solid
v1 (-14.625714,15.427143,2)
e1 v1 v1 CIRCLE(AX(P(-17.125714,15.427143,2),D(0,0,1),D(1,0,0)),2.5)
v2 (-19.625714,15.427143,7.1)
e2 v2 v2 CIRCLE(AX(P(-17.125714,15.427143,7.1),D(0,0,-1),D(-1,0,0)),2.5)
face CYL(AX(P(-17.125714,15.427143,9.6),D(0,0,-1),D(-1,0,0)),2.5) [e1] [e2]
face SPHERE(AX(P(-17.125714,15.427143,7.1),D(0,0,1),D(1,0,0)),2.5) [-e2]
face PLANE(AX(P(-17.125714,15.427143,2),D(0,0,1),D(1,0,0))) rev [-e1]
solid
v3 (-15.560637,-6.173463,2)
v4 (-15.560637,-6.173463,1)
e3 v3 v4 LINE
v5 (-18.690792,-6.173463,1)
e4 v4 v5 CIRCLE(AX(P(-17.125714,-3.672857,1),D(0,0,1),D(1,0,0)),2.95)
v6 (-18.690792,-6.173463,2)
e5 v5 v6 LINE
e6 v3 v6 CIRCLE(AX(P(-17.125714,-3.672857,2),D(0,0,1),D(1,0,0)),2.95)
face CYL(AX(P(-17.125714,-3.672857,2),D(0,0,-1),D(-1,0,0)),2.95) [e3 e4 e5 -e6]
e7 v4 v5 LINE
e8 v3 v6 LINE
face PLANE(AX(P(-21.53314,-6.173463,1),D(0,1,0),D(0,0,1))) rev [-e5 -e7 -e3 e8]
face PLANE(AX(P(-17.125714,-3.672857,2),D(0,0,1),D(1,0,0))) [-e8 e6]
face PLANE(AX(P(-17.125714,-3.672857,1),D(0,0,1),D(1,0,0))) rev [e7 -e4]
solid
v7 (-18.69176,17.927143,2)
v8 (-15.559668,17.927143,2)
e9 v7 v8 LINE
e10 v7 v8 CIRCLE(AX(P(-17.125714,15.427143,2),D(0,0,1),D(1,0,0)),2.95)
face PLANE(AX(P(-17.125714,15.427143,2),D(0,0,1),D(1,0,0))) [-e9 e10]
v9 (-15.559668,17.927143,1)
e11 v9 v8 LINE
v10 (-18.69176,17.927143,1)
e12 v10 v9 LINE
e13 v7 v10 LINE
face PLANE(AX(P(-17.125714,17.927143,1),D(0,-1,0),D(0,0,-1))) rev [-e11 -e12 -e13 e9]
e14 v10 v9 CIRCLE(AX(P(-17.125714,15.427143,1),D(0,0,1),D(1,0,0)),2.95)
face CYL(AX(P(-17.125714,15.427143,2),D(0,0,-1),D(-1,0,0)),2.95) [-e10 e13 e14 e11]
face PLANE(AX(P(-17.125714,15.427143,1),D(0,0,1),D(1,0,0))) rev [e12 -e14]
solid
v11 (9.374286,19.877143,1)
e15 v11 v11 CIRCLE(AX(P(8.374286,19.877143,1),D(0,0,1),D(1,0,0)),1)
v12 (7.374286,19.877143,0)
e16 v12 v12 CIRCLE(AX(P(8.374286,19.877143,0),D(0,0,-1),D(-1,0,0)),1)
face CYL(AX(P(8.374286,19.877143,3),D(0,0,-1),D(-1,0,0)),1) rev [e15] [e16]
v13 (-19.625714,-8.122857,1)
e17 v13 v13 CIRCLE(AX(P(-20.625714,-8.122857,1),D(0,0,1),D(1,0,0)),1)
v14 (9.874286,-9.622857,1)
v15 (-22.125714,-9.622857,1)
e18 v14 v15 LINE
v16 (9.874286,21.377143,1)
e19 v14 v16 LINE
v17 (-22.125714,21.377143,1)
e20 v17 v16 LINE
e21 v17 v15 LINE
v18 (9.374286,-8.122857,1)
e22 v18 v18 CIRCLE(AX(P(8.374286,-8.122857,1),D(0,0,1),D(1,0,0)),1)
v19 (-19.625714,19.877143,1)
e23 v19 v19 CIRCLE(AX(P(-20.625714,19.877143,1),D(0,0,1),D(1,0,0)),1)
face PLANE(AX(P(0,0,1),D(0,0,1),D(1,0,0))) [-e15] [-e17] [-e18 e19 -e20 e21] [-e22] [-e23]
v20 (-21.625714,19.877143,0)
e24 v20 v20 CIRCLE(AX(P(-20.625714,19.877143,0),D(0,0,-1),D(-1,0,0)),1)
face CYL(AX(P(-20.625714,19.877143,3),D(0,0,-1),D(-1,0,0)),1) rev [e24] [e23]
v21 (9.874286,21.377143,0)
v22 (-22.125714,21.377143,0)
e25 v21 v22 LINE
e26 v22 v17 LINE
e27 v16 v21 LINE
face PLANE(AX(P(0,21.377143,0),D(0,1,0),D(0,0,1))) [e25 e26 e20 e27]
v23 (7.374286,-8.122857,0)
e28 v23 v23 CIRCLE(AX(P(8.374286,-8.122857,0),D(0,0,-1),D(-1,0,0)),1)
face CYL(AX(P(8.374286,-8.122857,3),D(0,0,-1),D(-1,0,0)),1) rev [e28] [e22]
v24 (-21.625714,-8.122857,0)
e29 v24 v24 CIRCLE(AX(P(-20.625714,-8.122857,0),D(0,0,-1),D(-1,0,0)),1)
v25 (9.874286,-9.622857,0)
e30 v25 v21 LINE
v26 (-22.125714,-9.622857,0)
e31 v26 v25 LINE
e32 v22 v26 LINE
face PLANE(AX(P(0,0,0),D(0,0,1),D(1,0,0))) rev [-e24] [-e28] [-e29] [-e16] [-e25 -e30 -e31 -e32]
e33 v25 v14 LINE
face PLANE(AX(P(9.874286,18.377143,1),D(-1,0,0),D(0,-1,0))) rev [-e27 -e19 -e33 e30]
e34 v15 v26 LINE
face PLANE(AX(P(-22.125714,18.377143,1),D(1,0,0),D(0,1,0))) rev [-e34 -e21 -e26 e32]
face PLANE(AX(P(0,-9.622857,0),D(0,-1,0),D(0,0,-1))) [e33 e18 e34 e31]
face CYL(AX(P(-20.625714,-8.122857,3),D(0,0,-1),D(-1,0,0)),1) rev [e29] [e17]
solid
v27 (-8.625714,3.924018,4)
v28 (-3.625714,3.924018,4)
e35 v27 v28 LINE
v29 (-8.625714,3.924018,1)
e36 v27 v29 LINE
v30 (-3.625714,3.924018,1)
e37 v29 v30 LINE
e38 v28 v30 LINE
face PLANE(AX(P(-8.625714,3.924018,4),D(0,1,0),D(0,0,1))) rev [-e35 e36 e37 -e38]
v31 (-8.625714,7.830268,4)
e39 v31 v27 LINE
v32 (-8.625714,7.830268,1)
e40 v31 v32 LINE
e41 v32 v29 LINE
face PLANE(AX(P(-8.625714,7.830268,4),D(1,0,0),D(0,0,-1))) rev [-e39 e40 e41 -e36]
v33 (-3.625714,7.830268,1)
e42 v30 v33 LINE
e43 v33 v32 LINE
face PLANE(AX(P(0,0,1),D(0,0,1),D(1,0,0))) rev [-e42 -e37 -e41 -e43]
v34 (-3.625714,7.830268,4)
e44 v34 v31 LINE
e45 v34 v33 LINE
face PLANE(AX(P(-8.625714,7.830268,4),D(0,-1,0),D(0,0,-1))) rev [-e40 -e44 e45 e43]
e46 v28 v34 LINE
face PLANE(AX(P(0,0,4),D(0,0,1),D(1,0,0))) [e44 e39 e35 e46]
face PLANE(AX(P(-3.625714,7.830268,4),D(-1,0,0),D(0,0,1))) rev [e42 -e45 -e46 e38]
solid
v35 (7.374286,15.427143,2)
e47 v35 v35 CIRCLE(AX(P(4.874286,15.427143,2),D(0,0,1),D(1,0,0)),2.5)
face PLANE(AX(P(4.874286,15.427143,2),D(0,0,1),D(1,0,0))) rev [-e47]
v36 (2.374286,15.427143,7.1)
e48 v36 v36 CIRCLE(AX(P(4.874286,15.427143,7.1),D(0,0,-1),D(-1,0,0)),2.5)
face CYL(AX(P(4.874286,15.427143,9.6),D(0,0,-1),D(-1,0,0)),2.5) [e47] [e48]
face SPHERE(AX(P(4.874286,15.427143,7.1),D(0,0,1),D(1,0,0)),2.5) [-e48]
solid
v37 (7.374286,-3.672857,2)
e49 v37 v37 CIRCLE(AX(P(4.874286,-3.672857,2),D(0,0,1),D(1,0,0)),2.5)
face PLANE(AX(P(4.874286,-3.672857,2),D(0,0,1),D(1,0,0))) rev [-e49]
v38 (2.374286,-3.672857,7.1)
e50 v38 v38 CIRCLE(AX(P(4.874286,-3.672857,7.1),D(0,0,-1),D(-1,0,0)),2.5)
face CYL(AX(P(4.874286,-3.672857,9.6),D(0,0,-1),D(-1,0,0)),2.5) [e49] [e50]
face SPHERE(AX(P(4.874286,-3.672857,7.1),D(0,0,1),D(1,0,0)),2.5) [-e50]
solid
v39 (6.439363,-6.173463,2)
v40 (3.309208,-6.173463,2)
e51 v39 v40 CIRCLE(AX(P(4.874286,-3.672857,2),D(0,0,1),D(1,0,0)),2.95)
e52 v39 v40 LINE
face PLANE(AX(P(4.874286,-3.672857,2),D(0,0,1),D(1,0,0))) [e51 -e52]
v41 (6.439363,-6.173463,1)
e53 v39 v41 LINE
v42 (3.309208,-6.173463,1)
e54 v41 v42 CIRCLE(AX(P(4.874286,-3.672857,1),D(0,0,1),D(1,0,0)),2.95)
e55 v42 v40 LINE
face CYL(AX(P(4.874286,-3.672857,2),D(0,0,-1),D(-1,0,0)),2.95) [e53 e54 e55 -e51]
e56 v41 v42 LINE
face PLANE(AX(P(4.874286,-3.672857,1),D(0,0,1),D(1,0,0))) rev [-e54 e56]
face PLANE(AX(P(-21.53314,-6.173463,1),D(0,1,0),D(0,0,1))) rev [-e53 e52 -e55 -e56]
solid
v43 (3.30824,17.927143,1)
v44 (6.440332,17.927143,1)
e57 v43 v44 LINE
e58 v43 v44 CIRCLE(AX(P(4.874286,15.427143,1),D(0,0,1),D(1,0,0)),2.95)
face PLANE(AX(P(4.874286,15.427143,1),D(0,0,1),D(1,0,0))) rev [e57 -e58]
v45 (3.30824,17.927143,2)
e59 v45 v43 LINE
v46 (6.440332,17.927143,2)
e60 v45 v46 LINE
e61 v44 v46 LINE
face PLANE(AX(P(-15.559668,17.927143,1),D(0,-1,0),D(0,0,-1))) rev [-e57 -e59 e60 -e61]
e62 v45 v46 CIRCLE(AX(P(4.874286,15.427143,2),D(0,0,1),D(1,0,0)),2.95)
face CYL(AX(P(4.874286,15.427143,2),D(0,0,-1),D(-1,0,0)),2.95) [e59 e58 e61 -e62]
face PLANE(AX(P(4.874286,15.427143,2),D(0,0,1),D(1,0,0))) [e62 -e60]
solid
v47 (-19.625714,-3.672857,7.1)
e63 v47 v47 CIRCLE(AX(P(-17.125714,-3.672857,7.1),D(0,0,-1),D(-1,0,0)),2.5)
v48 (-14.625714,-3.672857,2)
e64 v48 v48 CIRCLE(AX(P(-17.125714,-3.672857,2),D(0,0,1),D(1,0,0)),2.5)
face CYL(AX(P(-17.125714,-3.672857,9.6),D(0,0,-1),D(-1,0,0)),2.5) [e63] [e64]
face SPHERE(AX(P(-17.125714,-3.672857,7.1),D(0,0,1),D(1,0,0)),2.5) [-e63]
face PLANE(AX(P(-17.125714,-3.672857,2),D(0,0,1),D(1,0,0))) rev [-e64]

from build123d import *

# Parameters (mm, degrees)
SKETCH1_W             = 32
SKETCH1_H             = 25
BOSS_EXTRUDE1_DEPTH   = 1
SKETCH2_R             = 2.5
SKETCH2_W             = 5
SKETCH2_H             = 4.545454546
BOSS_EXTRUDE2_DEPTH   = 8.7
SKETCH3_W             = 7.112296494
SKETCH3_H             = 6.624197715
CUT_EXTRUDE1_DEPTH    = 5.7
FILLET3_R             = 0.5
FILLET4_R             = 2.5
FILLET5_R             = 2.5
SKETCH4_R             = 2.5
CUT_EXTRUDE2_DEPTH    = 10
SKETCH5_R             = 2.95
BOSS_EXTRUDE3_DEPTH   = 1
BOSS_EXTRUDE3_2_DEPTH = 1
BOSS_EXTRUDE3_3_DEPTH = 1
BOSS_EXTRUDE3_4_DEPTH = 1
SKETCH8_R             = 2.5
BOSS_EXTRUDE6_DEPTH   = 7.6
CUT_EXTRUDE4_DEPTH    = 1
FILLET6_R             = 2.5
SKETCH13_R            = 2.367564394
BOSS_EXTRUDE7_DEPTH   = 7.6
SKETCH13_R_2          = 2.5
BOSS_EXTRUDE7_2_DEPTH = 7.6
BOSS_EXTRUDE7_3_DEPTH = 7.6
FILLET7_R             = 2.5
FILLET10_R            = 2.5
SKETCH14_R            = 2.367564394
CUT_EXTRUDE6_DEPTH    = 7.6
SKETCH15_R            = 2.5
BOSS_EXTRUDE9_DEPTH   = 7.6
FILLET12_R            = 2.5
SKETCH16_W            = 25.26079324
SKETCH16_H            = 1.326651886
CUT_EXTRUDE7_DEPTH    = 1
SKETCH17_W            = 30.705826602
SKETCH17_H            = 1.654596323
CUT_EXTRUDE8_DEPTH    = 1
SKETCH21_W            = 5
SKETCH21_H            = 4.545454546
CUT_EXTRUDE10_DEPTH   = 3
SKETCH22_W            = 5
SKETCH22_H            = 3.90625
BOSS_EXTRUDE11_DEPTH  = 3
SKETCH24_W            = 32
SKETCH24_H            = 1
BOSS_EXTRUDE16_DEPTH  = 3
SKETCH26_W            = 32
SKETCH26_H            = 1
BOSS_EXTRUDE17_DEPTH  = 3
SKETCH27_R            = 1
CUT_EXTRUDE11_DEPTH   = 3


with BuildPart() as part:
    # Sketch1 → Boss-Extrude1 (new body)
    with BuildSketch(Plane.XY):
        with Locations((-6.125714286, 5.877142857)):
            Rectangle(SKETCH1_W, SKETCH1_H)
    extrude(amount=BOSS_EXTRUDE1_DEPTH)

    # Sketch2 → Boss-Extrude2 (add)
    with BuildSketch(Plane.XY.offset(1)):
        with Locations((-17.125714286, 15.877142857)):
            Circle(SKETCH2_R)
        with Locations((4.874285714, 15.877142857)):
            Circle(SKETCH2_R)
        with Locations((-17.125714286, -4.122857143)):
            Circle(SKETCH2_R)
        with Locations((4.874285714, -4.122857143)):
            Circle(SKETCH2_R)
        with Locations((-6.125714286, 5.877142857)):
            Rectangle(SKETCH2_W, SKETCH2_H)
    extrude(amount=BOSS_EXTRUDE2_DEPTH)

    # Sketch3 → Cut-Extrude1 (cut)
    with BuildSketch(Plane.XY.offset(9.7)):
        with Locations((-6.125714286, 5.859710758)):
            Rectangle(SKETCH3_W, SKETCH3_H)
    extrude(amount=-CUT_EXTRUDE1_DEPTH, mode=Mode.SUBTRACT)

    # Fillet3
    fillet3_edges = [part.edges().sort_by_distance(p)[0] for p in [
        (-6.125714286, 3.604415584, 4),
        (-3.625714286, 5.877142857, 4),
        (-6.125714286, 8.14987013, 4),
        (-8.625714286, 5.877142857, 4),
    ]]
    fillet(fillet3_edges, radius=FILLET3_R)

    # Fillet4
    fillet4_edges = [part.edges().sort_by_distance(p)[0] for p in [
        (2.374285714, 15.877142857, 9.7),
    ]]
    fillet(fillet4_edges, radius=FILLET4_R)

    # Fillet5
    fillet5_edges = [part.edges().sort_by_distance(p)[0] for p in [
        (-19.625714286, 15.877142857, 9.7),
        (-19.625714286, -4.122857143, 9.7),
        (2.374285714, -4.122857143, 9.7),
    ]]
    fillet(fillet5_edges, radius=FILLET5_R)

    # Sketch4 → Cut-Extrude2 (cut)
    with BuildSketch(Plane.XY.offset(1)):
        with Locations((-17.125714286, -4.122857143)):
            Circle(SKETCH4_R)
        with Locations((-17.125714286, 15.877142857)):
            Circle(SKETCH4_R)
        with Locations((4.874285714, 15.877142857)):
            Circle(SKETCH4_R)
        with Locations((4.874285714, -4.122857143)):
            Circle(SKETCH4_R)
    extrude(amount=CUT_EXTRUDE2_DEPTH, mode=Mode.SUBTRACT)

    # Sketch21 → Cut-Extrude10 (cut)
    with BuildSketch(Plane.XY.offset(4)):
        with Locations((-6.125714286, 5.877142857)):
            Rectangle(SKETCH21_W, SKETCH21_H)
    extrude(amount=-CUT_EXTRUDE10_DEPTH, mode=Mode.SUBTRACT)

    # Sketch24 → Boss-Extrude16 (add)
    with BuildSketch(Plane(origin=(0, 18.377142857, 0), x_dir=(1, 0, 0), z_dir=(0, 1, 0))):
        with Locations((-6.125714286, -0.5)):
            Rectangle(SKETCH24_W, SKETCH24_H)
    extrude(amount=BOSS_EXTRUDE16_DEPTH)

    # Sketch26 → Boss-Extrude17 (add)
    with BuildSketch(Plane.XZ.offset(6.622857143)):
        with Locations((-6.125714286, 0.5)):
            Rectangle(SKETCH26_W, SKETCH26_H)
    extrude(amount=BOSS_EXTRUDE17_DEPTH)

    # Sketch27 → Cut-Extrude11 (cut)
    with BuildSketch(Plane(origin=(0, 0, 0), x_dir=(-1, 0, 0), z_dir=(0, 0, -1))):
        with Locations((-8.374285714, 19.877142857)):
            Circle(SKETCH27_R)
        with Locations((-8.374285714, -8.122857143)):
            Circle(SKETCH27_R)
        with Locations((20.625714286, -8.122857143)):
            Circle(SKETCH27_R)
        with Locations((20.625714286, 19.877142857)):
            Circle(SKETCH27_R)
    extrude(amount=-CUT_EXTRUDE11_DEPTH, mode=Mode.SUBTRACT)


with BuildPart() as body_2:
    # Sketch5 → Boss-Extrude3 (new body)
    with BuildSketch(Plane.XY.offset(1)):
        with Locations((-17.125714286, 15.427142857)):
            Circle(SKETCH5_R)
    extrude(amount=BOSS_EXTRUDE3_DEPTH)

    # Sketch9 → Cut-Extrude4 (cut)
    with BuildSketch(Plane.XY.offset(2)):
        Polygon((-17.125714286, 17.927142857), (-15.287192107, 17.927142857), (-15.485453781, 18.648454573), (-19.121317055, 18.622872422), (-19.121317055, 17.927142857), align=None)
    extrude(amount=-CUT_EXTRUDE4_DEPTH, mode=Mode.SUBTRACT)


with BuildPart() as body_3:
    # Sketch5 → Boss-Extrude3 2 (new body)
    with BuildSketch(Plane.XY.offset(1)):
        with Locations((-17.125714286, -3.672857143)):
            Circle(SKETCH5_R)
    extrude(amount=BOSS_EXTRUDE3_2_DEPTH)


with BuildPart() as body_4:
    # Sketch5 → Boss-Extrude3 3 (new body)
    with BuildSketch(Plane.XY.offset(1)):
        with Locations((4.874285714, 15.427142857)):
            Circle(SKETCH5_R)
    extrude(amount=BOSS_EXTRUDE3_3_DEPTH)

    # Sketch16 → Cut-Extrude7 (cut)
    with BuildSketch(Plane.XY.offset(2)):
        with Locations((-2.929271689, 18.5904688)):
            Rectangle(SKETCH16_W, SKETCH16_H)
    extrude(amount=-CUT_EXTRUDE7_DEPTH, mode=Mode.SUBTRACT)


with BuildPart() as body_5:
    # Sketch5 → Boss-Extrude3 4 (new body)
    with BuildSketch(Plane.XY.offset(1)):
        with Locations((4.874285714, -3.672857143)):
            Circle(SKETCH5_R)
    extrude(amount=BOSS_EXTRUDE3_4_DEPTH)


with BuildPart() as body_6:
    # Sketch8 → Boss-Extrude6 (new body)
    with BuildSketch(Plane.XY.offset(2)):
        with Locations((-17.125714286, 15.427142857)):
            Circle(SKETCH8_R)
    extrude(amount=BOSS_EXTRUDE6_DEPTH)

    # Fillet6
    fillet6_edges = [body_6.edges().sort_by_distance(p)[0] for p in [
        (-19.625714286, 15.427142857, 9.6),
    ]]
    fillet(fillet6_edges, radius=FILLET6_R)


with BuildPart() as body_7:
    # Sketch13 → Boss-Extrude7 (new body)
    with BuildSketch(Plane.XY.offset(2)):
        with Locations((4.874285714, 15.427142857)):
            Circle(SKETCH13_R)
    extrude(amount=BOSS_EXTRUDE7_DEPTH)

    # Sketch14 → Cut-Extrude6 (cut)
    with BuildSketch(Plane.XY.offset(9.6)):
        with Locations((4.874285714, 15.427142857)):
            Circle(SKETCH14_R)
    extrude(amount=-CUT_EXTRUDE6_DEPTH, mode=Mode.SUBTRACT)


with BuildPart() as body_8:
    # Sketch13 → Boss-Extrude7 2 (new body)
    with BuildSketch(Plane.XY.offset(2)):
        with Locations((-17.125714286, -3.672857143)):
            Circle(SKETCH13_R_2)
    extrude(amount=BOSS_EXTRUDE7_2_DEPTH)

    # Fillet7
    fillet7_edges = [body_8.edges().sort_by_distance(p)[0] for p in [
        (-19.625714286, -3.672857143, 9.6),
    ]]
    fillet(fillet7_edges, radius=FILLET7_R)


with BuildPart() as body_9:
    # Sketch13 → Boss-Extrude7 3 (new body)
    with BuildSketch(Plane.XY.offset(2)):
        with Locations((4.874285714, -3.672857143)):
            Circle(SKETCH13_R_2)
    extrude(amount=BOSS_EXTRUDE7_3_DEPTH)

    # Fillet10
    fillet10_edges = [body_9.edges().sort_by_distance(p)[0] for p in [
        (2.374285714, -3.672857143, 9.6),
    ]]
    fillet(fillet10_edges, radius=FILLET10_R)


with BuildPart() as body_9_2:
    # Sketch15 → Boss-Extrude9 (new body)
    with BuildSketch(Plane.XY.offset(2)):
        with Locations((4.874285714, 15.427142857)):
            Circle(SKETCH15_R)
    extrude(amount=BOSS_EXTRUDE9_DEPTH)

    # Fillet12
    fillet12_edges = [body_9_2.edges().sort_by_distance(p)[0] for p in [
        (2.374285714, 15.427142857, 9.6),
    ]]
    fillet(fillet12_edges, radius=FILLET12_R)


with BuildPart() as cut_extrude8_tool:
    # Sketch17 → Cut-Extrude8 (new body)
    with BuildSketch(Plane.XY.offset(2)):
        with Locations((-6.180226628, -7.000761591)):
            Rectangle(SKETCH17_W, SKETCH17_H)
    extrude(amount=-CUT_EXTRUDE8_DEPTH)


with BuildPart() as body_3_1:
    add(body_3.part)

    # Cut-Extrude8: cut by cut_extrude8_tool
    add(cut_extrude8_tool.part, mode=Mode.SUBTRACT)


with BuildPart() as body_5_1:
    add(body_5.part)

    # Cut-Extrude8: cut by cut_extrude8_tool
    add(cut_extrude8_tool.part, mode=Mode.SUBTRACT)


with BuildPart() as body_10:
    # Sketch22 → Boss-Extrude11 (new body)
    with BuildSketch(Plane.XY.offset(1)):
        with Locations((-6.125714286, 5.877142857)):
            Rectangle(SKETCH22_W, SKETCH22_H)
    extrude(amount=BOSS_EXTRUDE11_DEPTH)


solid = Compound([part.part, body_2.part, body_4.part, body_6.part, body_8.part, body_9.part, body_9_2.part, body_3_1.part, body_5_1.part, body_10.part])
